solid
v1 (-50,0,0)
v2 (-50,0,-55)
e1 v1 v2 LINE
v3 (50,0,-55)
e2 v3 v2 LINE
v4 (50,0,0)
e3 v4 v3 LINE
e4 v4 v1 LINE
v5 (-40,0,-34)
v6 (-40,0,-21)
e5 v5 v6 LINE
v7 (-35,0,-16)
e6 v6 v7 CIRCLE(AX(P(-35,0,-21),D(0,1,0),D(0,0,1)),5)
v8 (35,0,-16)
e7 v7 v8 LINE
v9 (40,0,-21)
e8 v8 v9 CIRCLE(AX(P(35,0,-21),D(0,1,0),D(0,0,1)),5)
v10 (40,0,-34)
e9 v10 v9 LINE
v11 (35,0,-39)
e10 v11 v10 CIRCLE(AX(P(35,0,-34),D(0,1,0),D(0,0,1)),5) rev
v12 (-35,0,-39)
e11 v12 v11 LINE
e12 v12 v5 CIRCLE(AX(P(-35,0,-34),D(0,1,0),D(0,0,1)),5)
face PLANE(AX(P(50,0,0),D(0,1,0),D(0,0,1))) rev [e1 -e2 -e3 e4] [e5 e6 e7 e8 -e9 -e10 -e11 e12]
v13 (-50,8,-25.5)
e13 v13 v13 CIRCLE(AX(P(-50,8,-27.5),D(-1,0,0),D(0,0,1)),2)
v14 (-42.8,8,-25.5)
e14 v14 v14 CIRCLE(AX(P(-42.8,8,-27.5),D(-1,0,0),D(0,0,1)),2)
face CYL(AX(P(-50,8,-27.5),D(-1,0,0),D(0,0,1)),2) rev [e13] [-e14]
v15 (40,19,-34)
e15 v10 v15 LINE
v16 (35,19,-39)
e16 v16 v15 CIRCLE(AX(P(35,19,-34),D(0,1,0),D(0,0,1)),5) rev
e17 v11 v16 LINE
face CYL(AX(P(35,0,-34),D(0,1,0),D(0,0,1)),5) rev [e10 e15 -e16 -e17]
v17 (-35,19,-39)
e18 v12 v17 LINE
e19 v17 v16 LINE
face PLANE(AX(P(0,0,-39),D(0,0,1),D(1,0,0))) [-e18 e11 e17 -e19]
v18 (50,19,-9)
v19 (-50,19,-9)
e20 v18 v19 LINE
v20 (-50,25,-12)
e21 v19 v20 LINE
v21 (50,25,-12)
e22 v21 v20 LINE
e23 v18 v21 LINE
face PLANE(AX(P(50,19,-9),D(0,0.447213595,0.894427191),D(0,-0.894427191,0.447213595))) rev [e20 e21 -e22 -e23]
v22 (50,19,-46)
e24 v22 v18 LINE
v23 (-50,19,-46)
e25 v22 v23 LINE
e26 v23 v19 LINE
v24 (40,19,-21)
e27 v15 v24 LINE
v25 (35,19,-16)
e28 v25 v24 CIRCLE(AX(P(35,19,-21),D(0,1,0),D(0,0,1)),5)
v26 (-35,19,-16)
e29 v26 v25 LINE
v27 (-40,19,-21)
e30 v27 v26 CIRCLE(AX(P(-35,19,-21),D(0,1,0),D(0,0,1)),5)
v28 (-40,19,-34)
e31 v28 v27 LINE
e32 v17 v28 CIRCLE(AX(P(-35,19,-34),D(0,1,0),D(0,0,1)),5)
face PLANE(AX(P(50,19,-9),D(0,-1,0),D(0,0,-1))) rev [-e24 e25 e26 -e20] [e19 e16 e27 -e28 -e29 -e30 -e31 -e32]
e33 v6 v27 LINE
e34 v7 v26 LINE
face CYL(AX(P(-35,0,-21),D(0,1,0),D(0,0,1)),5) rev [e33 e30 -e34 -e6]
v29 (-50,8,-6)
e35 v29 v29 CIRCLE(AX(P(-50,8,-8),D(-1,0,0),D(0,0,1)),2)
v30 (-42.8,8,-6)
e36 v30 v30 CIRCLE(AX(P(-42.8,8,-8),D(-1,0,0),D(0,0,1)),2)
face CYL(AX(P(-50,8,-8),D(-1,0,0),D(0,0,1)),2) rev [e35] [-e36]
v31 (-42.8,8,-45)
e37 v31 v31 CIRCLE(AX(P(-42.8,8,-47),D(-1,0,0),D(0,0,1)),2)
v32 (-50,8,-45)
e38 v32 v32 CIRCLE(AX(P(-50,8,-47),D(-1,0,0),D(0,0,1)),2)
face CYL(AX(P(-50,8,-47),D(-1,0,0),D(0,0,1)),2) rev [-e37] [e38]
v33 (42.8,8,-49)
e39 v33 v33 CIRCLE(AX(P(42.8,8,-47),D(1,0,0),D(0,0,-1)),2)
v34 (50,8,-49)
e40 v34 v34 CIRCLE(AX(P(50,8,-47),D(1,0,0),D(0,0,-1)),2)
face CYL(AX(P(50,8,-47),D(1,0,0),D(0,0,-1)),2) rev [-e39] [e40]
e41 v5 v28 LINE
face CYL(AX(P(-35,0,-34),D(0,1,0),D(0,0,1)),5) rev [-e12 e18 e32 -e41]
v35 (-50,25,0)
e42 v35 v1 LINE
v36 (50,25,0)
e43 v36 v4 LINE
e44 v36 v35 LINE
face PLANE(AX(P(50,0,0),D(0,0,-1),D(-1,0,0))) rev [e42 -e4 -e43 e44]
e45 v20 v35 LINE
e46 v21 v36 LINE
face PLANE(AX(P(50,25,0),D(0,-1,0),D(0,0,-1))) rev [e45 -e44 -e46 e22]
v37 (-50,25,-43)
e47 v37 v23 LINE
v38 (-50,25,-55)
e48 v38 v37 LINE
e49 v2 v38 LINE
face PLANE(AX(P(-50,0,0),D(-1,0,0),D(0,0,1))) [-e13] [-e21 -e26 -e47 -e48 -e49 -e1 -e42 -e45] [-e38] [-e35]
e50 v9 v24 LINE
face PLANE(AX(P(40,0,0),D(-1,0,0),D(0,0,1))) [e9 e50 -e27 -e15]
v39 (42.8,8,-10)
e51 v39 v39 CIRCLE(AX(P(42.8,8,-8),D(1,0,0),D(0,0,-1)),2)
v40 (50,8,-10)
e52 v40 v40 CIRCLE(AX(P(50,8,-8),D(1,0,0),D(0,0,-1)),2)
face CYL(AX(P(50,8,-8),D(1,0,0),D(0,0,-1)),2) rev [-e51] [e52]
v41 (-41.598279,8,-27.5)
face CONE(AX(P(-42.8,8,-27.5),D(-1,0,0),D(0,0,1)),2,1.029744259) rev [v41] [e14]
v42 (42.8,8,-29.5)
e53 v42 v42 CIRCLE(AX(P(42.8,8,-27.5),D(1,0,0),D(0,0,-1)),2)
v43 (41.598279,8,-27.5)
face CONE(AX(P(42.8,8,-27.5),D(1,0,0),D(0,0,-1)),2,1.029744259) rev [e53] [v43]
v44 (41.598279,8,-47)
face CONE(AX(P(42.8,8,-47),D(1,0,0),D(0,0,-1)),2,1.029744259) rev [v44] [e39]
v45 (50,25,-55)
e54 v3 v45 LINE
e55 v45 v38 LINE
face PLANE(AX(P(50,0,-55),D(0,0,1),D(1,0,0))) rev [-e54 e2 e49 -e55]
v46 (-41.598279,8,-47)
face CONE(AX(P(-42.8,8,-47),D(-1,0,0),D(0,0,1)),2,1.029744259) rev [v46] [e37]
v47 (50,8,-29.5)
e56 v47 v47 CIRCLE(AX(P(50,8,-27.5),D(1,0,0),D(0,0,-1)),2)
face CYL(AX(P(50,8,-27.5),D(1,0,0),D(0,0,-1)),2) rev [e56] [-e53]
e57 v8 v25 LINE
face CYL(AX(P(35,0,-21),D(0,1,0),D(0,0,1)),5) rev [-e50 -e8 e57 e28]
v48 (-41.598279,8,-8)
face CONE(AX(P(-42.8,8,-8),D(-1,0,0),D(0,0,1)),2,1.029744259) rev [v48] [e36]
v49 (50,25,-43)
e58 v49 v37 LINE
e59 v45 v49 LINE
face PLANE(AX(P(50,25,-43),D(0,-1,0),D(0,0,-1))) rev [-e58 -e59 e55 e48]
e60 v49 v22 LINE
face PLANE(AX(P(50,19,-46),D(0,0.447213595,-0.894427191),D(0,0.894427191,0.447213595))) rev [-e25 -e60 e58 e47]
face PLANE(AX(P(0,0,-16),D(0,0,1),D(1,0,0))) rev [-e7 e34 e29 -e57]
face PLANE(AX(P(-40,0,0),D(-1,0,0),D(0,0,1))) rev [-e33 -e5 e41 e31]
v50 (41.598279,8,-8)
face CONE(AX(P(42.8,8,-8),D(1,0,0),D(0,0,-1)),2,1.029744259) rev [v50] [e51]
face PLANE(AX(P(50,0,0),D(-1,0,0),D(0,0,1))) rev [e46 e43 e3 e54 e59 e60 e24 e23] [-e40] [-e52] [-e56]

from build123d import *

# Parameters (mm, degrees)
BOSS_EXTRUDE1_DEPTH                  = 50
TAP_DRILL_FOR_M5X0_8_TAP1_AT_2_COUNT = 2
TAP_DRILL_FOR_M5X0_8_TAP1_AT_2_PITCH = 19.5
TAP_DRILL_FOR_M5X0_8_TAP1_AT_3_COUNT = 2
TAP_DRILL_FOR_M5X0_8_TAP1_AT_3_PITCH = 39
CUT_EXTRUDE1_DEPTH                   = 20


with BuildPart() as part:
    # Sketch1 → Boss-Extrude1 (new body, symmetric)
    with BuildSketch(Plane(origin=(0, 0, 0), x_dir=(0, 0, -1), z_dir=(1, 0, 0))):
        Polygon((9, 19), (46, 19), (43, 25), (55, 25), (55, 0), (0, 0), (0, 25), (12, 25), align=None)
    extrude(amount=BOSS_EXTRUDE1_DEPTH, both=True)

    # Sketch5 → Tap Drill for M5x0.8 Tap1 (revolve, cut)
    with BuildSketch(Plane(origin=(50, 8, -8), x_dir=(0, 0, -1), z_dir=(0, 1, 0))):
        Polygon((0, 0), (0, 8.401721238), (2, 7.2), (2, 0), align=None)
    tap_drill_for_m5x0_8_tap1 = revolve(axis=Axis((56.35, 8, -8), (-1, 0, 0)), mode=Mode.SUBTRACT)

    # Tap Drill for M5x0.8 Tap1 at 2: Tap Drill for M5x0.8 Tap1 ×2
    with Locations(*[(0, 0, -i * TAP_DRILL_FOR_M5X0_8_TAP1_AT_2_PITCH) for i in range(1, TAP_DRILL_FOR_M5X0_8_TAP1_AT_2_COUNT)]):
        add(tap_drill_for_m5x0_8_tap1, mode=Mode.SUBTRACT)

    # Tap Drill for M5x0.8 Tap1 at 3: Tap Drill for M5x0.8 Tap1 ×2
    with Locations(*[(0, 0, -i * TAP_DRILL_FOR_M5X0_8_TAP1_AT_3_PITCH) for i in range(1, TAP_DRILL_FOR_M5X0_8_TAP1_AT_3_COUNT)]):
        add(tap_drill_for_m5x0_8_tap1, mode=Mode.SUBTRACT)

    # Mirror2: Tap Drill for M5x0.8 Tap1 across plane
    add(tap_drill_for_m5x0_8_tap1.mirror(Plane(origin=(0, 0, 0), x_dir=(0, 0, 1), z_dir=(1, 0, 0))), mode=Mode.SUBTRACT)

    # Mirror2 copy 1 sketch → Mirror2 copy 1 (revolve, cut)
    with BuildSketch(Plane(origin=(-50, 8, -27.5), x_dir=(0, 0, -1), z_dir=(0, 1, 0))):
        Polygon((0, 0), (0, -8.401721238), (2, -7.2), (2, 0), align=None)
    revolve(axis=Axis((-56.35, 8, -27.5), (-1, 0, 0)), mode=Mode.SUBTRACT)

    # Mirror2 copy 2 sketch → Mirror2 copy 2 (revolve, cut)
    with BuildSketch(Plane(origin=(-50, 8, -47), x_dir=(0, 0, -1), z_dir=(0, 1, 0))):
        Polygon((0, 0), (0, -8.401721238), (2, -7.2), (2, 0), align=None)
    revolve(axis=Axis((-56.35, 8, -47), (-1, 0, 0)), mode=Mode.SUBTRACT)

    # Sketch6 → Cut-Extrude1 (cut, through all)
    with BuildSketch(Plane(origin=(0, 19, 0), x_dir=(1, 0, 0), z_dir=(0, 1, 0))):
        with BuildLine():
            Line((-35, 39), (35, 39))
            ThreePointArc((35, 39), (38.535533906, 37.535533906), (40, 34))
            Line((40, 34), (40, 21))
            ThreePointArc((40, 21), (38.535533906, 17.464466094), (35, 16))
            Line((35, 16), (-35, 16))
            ThreePointArc((-35, 16), (-38.535533906, 17.464466094), (-40, 21))
            Line((-40, 21), (-40, 34))
            ThreePointArc((-40, 34), (-38.535533906, 37.535533906), (-35, 39))
        make_face()
    extrude(amount=-CUT_EXTRUDE1_DEPTH, mode=Mode.SUBTRACT)


solid = part.part
